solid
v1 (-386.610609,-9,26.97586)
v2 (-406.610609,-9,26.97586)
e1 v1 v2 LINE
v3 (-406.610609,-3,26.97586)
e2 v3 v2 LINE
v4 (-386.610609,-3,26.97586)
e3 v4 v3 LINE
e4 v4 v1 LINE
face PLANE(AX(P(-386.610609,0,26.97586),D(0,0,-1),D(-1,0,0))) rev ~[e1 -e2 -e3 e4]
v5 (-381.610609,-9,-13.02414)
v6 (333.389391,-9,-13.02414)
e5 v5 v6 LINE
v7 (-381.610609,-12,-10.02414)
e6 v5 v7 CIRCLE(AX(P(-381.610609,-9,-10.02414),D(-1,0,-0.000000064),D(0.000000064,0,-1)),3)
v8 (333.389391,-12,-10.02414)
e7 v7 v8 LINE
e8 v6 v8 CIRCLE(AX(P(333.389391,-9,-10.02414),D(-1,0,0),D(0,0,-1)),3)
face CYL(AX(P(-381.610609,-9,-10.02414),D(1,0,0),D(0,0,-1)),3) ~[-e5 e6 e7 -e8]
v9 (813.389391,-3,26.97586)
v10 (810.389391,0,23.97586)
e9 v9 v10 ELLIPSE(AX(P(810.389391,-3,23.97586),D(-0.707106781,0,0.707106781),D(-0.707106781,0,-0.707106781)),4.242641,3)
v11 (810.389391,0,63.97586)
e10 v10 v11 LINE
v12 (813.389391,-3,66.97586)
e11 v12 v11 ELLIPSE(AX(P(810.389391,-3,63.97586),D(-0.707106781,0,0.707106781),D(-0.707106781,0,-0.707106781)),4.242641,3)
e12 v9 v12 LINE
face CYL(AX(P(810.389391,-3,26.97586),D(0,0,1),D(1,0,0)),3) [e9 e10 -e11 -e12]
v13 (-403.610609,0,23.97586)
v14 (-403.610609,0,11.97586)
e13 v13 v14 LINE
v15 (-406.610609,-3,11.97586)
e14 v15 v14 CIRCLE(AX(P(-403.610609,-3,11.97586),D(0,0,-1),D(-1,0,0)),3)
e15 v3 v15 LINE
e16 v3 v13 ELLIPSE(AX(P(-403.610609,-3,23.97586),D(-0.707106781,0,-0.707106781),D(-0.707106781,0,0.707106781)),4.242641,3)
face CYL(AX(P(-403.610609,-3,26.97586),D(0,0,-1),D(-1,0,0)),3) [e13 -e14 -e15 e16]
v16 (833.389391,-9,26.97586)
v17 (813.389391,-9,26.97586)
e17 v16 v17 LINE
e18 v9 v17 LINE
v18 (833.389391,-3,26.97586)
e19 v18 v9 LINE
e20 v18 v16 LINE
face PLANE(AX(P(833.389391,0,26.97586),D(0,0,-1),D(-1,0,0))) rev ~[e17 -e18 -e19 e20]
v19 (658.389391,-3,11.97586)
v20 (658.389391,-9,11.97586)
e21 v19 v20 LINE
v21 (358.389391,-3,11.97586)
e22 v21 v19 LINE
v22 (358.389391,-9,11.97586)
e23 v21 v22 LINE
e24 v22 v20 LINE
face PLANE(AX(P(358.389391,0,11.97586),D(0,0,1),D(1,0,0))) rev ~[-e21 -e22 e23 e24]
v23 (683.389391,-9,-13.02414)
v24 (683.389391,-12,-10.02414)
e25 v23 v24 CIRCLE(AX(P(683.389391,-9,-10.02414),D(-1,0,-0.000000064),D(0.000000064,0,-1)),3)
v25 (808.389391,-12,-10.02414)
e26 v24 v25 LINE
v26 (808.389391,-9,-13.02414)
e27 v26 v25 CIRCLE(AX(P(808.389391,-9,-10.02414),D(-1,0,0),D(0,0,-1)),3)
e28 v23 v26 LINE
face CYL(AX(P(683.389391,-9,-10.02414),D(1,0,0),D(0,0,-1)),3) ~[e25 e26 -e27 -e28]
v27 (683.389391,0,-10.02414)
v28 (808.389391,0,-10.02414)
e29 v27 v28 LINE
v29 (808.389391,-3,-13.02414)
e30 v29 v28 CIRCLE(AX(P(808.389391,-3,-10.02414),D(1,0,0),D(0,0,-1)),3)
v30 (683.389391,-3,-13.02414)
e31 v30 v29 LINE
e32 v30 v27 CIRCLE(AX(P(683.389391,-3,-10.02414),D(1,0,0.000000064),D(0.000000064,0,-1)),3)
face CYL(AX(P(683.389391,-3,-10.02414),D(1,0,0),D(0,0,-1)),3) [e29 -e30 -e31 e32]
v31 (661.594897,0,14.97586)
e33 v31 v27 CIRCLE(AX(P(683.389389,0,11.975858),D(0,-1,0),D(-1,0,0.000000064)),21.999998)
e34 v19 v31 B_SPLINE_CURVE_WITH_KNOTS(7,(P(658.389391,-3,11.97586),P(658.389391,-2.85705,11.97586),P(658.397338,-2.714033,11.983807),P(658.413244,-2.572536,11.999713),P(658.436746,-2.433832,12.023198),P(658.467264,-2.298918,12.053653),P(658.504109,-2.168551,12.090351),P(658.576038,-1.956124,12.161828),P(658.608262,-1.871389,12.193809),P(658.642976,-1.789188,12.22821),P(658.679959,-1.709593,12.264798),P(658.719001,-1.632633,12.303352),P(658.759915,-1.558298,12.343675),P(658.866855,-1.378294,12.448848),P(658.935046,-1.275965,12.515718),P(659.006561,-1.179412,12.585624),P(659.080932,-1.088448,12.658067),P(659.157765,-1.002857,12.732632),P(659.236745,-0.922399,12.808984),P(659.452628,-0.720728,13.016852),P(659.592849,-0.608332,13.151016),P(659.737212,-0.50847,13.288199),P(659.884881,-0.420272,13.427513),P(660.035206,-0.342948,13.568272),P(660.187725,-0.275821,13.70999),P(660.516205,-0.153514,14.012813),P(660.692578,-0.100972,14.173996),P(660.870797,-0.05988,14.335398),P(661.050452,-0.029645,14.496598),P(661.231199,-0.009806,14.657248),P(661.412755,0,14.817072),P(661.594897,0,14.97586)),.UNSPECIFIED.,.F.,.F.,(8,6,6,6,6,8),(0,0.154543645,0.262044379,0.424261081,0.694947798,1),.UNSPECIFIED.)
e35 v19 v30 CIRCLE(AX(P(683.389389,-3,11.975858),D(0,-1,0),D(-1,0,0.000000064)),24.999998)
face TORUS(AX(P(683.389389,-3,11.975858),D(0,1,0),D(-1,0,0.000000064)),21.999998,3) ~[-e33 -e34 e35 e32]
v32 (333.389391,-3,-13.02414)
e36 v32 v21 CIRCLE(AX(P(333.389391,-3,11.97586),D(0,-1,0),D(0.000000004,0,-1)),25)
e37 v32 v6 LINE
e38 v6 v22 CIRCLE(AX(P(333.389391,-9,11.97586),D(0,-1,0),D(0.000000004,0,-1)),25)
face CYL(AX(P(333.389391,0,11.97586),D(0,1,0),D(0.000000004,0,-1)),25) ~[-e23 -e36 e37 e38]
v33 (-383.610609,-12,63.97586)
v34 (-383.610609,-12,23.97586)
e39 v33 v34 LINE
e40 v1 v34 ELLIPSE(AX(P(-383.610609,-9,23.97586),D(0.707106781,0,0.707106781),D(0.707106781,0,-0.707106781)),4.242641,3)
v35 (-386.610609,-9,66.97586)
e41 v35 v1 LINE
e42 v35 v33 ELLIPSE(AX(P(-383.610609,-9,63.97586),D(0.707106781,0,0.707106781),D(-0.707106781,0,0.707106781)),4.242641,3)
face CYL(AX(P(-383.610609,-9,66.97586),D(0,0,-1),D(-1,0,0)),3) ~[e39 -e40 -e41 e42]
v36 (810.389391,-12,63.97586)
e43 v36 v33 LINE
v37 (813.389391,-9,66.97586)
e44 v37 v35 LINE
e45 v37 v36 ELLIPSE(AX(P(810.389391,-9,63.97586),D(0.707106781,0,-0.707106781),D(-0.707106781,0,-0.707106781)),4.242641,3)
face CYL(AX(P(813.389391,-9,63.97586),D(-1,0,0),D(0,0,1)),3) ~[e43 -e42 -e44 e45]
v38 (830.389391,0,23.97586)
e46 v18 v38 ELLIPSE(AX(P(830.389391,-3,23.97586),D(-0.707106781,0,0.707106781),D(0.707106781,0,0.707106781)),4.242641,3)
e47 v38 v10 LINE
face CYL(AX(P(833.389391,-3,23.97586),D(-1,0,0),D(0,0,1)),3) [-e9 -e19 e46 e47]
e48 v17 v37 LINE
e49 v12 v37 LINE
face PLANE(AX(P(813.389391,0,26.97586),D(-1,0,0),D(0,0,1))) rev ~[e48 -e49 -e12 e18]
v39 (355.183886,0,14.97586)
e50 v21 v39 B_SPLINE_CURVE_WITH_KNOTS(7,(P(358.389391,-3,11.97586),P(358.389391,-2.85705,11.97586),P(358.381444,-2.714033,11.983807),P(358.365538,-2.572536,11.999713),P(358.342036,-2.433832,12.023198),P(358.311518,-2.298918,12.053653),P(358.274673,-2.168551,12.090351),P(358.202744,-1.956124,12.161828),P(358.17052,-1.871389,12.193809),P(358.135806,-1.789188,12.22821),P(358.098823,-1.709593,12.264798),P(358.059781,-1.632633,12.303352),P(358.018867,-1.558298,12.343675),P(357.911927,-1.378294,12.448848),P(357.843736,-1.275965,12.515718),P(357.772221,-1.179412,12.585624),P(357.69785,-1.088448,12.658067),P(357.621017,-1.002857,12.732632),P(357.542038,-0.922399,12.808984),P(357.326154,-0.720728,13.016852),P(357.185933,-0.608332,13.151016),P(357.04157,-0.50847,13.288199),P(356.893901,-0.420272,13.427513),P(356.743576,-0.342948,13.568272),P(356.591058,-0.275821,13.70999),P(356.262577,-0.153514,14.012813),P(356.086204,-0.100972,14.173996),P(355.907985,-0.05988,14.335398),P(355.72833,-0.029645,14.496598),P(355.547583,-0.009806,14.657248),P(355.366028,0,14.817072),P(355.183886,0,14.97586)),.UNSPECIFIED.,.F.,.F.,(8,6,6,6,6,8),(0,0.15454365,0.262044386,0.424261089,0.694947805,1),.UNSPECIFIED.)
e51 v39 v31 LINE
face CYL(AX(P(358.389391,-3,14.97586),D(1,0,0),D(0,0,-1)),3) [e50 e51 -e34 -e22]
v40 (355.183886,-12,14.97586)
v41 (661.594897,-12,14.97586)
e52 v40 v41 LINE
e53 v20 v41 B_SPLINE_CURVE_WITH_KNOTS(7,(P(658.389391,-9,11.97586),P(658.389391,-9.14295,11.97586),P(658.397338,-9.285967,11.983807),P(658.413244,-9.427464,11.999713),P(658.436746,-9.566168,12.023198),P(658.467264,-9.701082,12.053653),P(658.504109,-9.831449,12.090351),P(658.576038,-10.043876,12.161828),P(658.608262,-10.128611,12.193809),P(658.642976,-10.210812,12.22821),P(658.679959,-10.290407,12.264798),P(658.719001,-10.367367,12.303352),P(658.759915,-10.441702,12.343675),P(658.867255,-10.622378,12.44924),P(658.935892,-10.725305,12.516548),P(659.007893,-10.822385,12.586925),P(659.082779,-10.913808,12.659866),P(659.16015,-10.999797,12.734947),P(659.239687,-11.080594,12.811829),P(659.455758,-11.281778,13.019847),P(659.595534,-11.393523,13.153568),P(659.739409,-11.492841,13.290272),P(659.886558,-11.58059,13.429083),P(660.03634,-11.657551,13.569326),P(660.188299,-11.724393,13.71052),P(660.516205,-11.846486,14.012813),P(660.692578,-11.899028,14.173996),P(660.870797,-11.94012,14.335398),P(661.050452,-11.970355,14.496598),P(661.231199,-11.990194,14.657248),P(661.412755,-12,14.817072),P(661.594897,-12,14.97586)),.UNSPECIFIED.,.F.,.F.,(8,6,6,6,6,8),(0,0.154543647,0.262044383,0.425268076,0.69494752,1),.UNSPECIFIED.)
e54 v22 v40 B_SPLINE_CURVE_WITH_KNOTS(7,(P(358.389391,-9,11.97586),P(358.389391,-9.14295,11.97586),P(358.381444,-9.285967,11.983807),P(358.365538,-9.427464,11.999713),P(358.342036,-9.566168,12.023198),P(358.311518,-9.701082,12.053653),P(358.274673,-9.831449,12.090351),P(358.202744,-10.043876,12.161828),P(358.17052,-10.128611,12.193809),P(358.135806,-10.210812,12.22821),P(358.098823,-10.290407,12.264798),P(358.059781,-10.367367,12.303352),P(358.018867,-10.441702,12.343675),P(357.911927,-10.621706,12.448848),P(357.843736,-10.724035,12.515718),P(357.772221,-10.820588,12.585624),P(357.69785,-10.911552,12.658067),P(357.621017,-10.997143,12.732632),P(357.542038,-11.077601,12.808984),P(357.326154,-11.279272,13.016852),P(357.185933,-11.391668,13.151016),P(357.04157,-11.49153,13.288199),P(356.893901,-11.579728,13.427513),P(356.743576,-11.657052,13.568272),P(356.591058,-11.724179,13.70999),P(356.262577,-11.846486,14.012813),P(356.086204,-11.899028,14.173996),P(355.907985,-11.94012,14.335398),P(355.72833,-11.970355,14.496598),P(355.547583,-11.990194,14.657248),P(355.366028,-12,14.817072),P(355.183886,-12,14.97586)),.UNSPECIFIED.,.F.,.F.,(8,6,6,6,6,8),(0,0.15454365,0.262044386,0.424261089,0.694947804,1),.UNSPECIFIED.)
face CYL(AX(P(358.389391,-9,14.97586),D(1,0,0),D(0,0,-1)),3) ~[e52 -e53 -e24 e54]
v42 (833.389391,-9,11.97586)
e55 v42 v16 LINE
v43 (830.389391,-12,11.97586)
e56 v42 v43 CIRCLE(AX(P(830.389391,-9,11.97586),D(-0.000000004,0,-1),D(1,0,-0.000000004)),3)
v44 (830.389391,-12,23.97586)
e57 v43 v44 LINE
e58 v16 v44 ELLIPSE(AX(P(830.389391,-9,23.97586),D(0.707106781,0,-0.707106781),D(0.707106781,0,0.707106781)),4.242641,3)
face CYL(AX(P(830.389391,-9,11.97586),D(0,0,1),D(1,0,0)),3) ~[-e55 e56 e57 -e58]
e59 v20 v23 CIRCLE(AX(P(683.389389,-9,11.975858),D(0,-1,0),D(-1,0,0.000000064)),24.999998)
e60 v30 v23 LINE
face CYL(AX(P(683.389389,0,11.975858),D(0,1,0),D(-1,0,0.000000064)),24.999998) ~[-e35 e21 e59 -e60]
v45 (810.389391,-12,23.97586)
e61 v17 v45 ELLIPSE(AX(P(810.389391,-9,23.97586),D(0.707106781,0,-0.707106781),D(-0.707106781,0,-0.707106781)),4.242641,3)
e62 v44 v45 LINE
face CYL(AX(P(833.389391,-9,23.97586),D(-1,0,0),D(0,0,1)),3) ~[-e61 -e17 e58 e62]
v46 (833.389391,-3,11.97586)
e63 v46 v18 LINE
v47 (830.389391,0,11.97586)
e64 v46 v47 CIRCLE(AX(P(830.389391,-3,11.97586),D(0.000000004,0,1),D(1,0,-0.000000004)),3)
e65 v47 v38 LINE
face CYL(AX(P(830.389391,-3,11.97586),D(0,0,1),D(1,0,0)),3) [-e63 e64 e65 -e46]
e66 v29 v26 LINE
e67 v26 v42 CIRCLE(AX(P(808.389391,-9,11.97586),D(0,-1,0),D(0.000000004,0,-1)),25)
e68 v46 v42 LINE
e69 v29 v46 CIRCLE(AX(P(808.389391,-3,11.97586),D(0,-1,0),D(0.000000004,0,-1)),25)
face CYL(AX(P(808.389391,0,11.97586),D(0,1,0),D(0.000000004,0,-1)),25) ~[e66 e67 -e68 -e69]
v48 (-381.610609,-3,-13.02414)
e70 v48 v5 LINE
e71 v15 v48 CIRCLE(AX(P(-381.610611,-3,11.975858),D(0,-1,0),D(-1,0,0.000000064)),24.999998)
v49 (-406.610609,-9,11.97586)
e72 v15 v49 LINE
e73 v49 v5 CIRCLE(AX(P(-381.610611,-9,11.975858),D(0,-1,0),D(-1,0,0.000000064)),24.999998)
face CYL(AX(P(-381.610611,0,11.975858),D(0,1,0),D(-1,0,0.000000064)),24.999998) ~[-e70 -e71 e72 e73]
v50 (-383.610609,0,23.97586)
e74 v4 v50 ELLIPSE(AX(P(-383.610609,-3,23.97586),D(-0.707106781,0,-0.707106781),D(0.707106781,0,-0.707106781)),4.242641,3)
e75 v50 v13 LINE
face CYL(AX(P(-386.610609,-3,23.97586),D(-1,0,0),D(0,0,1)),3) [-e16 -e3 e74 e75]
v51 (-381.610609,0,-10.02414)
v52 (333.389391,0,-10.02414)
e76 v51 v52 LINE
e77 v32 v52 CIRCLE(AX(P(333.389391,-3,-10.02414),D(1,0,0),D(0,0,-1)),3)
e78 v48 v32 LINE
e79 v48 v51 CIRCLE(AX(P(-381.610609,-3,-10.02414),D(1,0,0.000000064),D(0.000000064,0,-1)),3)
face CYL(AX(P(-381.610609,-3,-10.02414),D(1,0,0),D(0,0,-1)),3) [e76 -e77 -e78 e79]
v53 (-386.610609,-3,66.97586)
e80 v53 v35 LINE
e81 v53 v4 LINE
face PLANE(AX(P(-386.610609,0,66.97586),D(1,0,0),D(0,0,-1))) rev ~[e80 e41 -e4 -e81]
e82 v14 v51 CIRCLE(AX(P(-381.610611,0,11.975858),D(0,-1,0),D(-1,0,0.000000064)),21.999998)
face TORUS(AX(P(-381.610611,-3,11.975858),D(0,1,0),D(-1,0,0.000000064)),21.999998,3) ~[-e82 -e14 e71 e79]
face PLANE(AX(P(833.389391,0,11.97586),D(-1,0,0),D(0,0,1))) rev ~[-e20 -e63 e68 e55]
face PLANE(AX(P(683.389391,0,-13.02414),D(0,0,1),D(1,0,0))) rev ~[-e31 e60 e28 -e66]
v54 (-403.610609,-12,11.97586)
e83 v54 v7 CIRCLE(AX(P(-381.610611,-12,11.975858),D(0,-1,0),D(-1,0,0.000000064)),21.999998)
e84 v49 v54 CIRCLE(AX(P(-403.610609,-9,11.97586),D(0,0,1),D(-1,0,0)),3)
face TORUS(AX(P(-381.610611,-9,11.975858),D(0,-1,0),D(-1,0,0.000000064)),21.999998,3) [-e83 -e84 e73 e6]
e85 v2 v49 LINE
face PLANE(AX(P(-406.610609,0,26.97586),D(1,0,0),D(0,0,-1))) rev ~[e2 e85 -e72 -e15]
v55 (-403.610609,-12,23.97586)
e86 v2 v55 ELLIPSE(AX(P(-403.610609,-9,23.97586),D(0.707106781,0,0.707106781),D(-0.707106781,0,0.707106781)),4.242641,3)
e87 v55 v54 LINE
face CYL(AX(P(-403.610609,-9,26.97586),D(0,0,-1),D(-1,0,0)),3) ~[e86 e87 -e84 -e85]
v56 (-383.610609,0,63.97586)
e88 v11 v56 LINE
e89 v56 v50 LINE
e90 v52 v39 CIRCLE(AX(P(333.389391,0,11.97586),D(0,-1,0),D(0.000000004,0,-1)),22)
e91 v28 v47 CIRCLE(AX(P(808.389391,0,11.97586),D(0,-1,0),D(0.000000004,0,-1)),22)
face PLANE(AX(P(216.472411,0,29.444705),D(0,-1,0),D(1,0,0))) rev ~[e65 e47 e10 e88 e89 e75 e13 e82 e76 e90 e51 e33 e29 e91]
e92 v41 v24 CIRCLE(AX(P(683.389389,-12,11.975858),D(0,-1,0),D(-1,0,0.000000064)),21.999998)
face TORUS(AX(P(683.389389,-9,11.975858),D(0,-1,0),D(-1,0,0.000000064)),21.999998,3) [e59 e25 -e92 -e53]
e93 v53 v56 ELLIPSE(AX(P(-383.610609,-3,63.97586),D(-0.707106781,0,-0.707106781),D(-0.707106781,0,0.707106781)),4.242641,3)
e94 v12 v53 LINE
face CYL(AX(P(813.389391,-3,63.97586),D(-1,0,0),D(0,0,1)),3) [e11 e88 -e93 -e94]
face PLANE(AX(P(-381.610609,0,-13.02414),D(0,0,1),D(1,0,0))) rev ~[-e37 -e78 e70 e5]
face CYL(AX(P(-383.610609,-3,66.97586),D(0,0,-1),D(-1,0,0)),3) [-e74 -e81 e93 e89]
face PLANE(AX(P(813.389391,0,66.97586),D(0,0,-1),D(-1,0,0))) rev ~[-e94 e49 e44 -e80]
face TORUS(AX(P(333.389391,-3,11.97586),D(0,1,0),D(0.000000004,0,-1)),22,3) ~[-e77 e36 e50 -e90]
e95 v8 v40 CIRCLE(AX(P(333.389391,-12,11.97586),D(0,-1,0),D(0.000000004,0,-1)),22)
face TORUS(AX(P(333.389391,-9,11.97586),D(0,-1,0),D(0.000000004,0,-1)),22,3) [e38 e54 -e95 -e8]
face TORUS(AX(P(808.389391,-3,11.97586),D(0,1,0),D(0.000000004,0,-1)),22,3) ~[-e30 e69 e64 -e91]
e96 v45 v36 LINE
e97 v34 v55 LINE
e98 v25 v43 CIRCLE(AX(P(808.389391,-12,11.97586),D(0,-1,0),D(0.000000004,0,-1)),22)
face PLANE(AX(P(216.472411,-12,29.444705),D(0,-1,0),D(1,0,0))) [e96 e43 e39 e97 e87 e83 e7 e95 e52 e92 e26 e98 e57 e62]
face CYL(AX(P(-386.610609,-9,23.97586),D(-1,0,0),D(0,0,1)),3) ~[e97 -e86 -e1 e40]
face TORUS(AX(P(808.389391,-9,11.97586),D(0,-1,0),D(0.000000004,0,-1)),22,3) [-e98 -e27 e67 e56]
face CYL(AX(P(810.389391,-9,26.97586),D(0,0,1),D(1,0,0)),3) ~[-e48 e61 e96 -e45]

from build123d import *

# Parameters (mm, degrees)
F1_DEPTH = 12
F3_R     = 3


with BuildPart() as f1:
    # F0 (on Front) → F1 (new body)
    with BuildSketch(Plane.XZ):
        with BuildLine():
            Line((813.389391, 66.97586), (-386.610609, 66.97586))
            Line((-386.610609, 66.97586), (-386.610609, 26.97586))
            Line((-386.610609, 26.97586), (-406.610609, 26.97586))
            Line((-406.610609, 26.97586), (-406.610609, 11.97586))
            ThreePointArc((-406.610609, 11.97586), (-399.288279, -5.70181), (-381.610609, -13.02414))
            Line((-381.610609, -13.02414), (333.389391, -13.02414))
            ThreePointArc((333.389391, -13.02414), (351.06706, -5.70181), (358.389391, 11.97586))
            Line((358.389391, 11.97586), (658.389391, 11.97586))
            ThreePointArc((658.389391, 11.97586), (665.711721, -5.70181), (683.389391, -13.02414))
            Line((683.389391, -13.02414), (808.389391, -13.02414))
            ThreePointArc((808.389391, -13.02414), (826.06706, -5.70181), (833.389391, 11.97586))
            Line((833.389391, 11.97586), (833.389391, 26.97586))
            Line((833.389391, 26.97586), (813.389391, 26.97586))
            Line((813.389391, 26.97586), (813.389391, 66.97586))
        make_face()
    extrude(amount=F1_DEPTH)

    # F3
    f3_edges = [f1.edges().sort_by_distance(p)[0] for p in [
        (213.389391, -12, 66.97586),
        (-386.610609, -12, 46.97586),
        (-396.610609, -12, 26.97586),
        (-406.610609, -12, 19.47586),
        (-399.288279, -12, -5.70181),
        (-24.110609, -12, -13.02414),
        (351.06706, -12, -5.70181),
        (508.389391, -12, 11.97586),
        (665.711721, -12, -5.70181),
        (745.889391, -12, -13.02414),
        (826.06706, -12, -5.70181),
        (833.389391, -12, 19.47586),
        (823.389391, -12, 26.97586),
        (813.389391, -12, 46.97586),
        (213.389391, 0, 66.97586),
        (-386.610609, 0, 46.97586),
        (-396.610609, 0, 26.97586),
        (-406.610609, 0, 19.47586),
        (-399.288279, 0, -5.70181),
        (-24.110609, 0, -13.02414),
        (351.06706, 0, -5.70181),
        (508.389391, 0, 11.97586),
        (665.711721, 0, -5.70181),
        (745.889391, 0, -13.02414),
        (826.06706, 0, -5.70181),
        (833.389391, 0, 19.47586),
        (823.389391, 0, 26.97586),
        (813.389391, 0, 46.97586),
    ]]
    fillet(f3_edges, radius=F3_R)


solid = f1.part
